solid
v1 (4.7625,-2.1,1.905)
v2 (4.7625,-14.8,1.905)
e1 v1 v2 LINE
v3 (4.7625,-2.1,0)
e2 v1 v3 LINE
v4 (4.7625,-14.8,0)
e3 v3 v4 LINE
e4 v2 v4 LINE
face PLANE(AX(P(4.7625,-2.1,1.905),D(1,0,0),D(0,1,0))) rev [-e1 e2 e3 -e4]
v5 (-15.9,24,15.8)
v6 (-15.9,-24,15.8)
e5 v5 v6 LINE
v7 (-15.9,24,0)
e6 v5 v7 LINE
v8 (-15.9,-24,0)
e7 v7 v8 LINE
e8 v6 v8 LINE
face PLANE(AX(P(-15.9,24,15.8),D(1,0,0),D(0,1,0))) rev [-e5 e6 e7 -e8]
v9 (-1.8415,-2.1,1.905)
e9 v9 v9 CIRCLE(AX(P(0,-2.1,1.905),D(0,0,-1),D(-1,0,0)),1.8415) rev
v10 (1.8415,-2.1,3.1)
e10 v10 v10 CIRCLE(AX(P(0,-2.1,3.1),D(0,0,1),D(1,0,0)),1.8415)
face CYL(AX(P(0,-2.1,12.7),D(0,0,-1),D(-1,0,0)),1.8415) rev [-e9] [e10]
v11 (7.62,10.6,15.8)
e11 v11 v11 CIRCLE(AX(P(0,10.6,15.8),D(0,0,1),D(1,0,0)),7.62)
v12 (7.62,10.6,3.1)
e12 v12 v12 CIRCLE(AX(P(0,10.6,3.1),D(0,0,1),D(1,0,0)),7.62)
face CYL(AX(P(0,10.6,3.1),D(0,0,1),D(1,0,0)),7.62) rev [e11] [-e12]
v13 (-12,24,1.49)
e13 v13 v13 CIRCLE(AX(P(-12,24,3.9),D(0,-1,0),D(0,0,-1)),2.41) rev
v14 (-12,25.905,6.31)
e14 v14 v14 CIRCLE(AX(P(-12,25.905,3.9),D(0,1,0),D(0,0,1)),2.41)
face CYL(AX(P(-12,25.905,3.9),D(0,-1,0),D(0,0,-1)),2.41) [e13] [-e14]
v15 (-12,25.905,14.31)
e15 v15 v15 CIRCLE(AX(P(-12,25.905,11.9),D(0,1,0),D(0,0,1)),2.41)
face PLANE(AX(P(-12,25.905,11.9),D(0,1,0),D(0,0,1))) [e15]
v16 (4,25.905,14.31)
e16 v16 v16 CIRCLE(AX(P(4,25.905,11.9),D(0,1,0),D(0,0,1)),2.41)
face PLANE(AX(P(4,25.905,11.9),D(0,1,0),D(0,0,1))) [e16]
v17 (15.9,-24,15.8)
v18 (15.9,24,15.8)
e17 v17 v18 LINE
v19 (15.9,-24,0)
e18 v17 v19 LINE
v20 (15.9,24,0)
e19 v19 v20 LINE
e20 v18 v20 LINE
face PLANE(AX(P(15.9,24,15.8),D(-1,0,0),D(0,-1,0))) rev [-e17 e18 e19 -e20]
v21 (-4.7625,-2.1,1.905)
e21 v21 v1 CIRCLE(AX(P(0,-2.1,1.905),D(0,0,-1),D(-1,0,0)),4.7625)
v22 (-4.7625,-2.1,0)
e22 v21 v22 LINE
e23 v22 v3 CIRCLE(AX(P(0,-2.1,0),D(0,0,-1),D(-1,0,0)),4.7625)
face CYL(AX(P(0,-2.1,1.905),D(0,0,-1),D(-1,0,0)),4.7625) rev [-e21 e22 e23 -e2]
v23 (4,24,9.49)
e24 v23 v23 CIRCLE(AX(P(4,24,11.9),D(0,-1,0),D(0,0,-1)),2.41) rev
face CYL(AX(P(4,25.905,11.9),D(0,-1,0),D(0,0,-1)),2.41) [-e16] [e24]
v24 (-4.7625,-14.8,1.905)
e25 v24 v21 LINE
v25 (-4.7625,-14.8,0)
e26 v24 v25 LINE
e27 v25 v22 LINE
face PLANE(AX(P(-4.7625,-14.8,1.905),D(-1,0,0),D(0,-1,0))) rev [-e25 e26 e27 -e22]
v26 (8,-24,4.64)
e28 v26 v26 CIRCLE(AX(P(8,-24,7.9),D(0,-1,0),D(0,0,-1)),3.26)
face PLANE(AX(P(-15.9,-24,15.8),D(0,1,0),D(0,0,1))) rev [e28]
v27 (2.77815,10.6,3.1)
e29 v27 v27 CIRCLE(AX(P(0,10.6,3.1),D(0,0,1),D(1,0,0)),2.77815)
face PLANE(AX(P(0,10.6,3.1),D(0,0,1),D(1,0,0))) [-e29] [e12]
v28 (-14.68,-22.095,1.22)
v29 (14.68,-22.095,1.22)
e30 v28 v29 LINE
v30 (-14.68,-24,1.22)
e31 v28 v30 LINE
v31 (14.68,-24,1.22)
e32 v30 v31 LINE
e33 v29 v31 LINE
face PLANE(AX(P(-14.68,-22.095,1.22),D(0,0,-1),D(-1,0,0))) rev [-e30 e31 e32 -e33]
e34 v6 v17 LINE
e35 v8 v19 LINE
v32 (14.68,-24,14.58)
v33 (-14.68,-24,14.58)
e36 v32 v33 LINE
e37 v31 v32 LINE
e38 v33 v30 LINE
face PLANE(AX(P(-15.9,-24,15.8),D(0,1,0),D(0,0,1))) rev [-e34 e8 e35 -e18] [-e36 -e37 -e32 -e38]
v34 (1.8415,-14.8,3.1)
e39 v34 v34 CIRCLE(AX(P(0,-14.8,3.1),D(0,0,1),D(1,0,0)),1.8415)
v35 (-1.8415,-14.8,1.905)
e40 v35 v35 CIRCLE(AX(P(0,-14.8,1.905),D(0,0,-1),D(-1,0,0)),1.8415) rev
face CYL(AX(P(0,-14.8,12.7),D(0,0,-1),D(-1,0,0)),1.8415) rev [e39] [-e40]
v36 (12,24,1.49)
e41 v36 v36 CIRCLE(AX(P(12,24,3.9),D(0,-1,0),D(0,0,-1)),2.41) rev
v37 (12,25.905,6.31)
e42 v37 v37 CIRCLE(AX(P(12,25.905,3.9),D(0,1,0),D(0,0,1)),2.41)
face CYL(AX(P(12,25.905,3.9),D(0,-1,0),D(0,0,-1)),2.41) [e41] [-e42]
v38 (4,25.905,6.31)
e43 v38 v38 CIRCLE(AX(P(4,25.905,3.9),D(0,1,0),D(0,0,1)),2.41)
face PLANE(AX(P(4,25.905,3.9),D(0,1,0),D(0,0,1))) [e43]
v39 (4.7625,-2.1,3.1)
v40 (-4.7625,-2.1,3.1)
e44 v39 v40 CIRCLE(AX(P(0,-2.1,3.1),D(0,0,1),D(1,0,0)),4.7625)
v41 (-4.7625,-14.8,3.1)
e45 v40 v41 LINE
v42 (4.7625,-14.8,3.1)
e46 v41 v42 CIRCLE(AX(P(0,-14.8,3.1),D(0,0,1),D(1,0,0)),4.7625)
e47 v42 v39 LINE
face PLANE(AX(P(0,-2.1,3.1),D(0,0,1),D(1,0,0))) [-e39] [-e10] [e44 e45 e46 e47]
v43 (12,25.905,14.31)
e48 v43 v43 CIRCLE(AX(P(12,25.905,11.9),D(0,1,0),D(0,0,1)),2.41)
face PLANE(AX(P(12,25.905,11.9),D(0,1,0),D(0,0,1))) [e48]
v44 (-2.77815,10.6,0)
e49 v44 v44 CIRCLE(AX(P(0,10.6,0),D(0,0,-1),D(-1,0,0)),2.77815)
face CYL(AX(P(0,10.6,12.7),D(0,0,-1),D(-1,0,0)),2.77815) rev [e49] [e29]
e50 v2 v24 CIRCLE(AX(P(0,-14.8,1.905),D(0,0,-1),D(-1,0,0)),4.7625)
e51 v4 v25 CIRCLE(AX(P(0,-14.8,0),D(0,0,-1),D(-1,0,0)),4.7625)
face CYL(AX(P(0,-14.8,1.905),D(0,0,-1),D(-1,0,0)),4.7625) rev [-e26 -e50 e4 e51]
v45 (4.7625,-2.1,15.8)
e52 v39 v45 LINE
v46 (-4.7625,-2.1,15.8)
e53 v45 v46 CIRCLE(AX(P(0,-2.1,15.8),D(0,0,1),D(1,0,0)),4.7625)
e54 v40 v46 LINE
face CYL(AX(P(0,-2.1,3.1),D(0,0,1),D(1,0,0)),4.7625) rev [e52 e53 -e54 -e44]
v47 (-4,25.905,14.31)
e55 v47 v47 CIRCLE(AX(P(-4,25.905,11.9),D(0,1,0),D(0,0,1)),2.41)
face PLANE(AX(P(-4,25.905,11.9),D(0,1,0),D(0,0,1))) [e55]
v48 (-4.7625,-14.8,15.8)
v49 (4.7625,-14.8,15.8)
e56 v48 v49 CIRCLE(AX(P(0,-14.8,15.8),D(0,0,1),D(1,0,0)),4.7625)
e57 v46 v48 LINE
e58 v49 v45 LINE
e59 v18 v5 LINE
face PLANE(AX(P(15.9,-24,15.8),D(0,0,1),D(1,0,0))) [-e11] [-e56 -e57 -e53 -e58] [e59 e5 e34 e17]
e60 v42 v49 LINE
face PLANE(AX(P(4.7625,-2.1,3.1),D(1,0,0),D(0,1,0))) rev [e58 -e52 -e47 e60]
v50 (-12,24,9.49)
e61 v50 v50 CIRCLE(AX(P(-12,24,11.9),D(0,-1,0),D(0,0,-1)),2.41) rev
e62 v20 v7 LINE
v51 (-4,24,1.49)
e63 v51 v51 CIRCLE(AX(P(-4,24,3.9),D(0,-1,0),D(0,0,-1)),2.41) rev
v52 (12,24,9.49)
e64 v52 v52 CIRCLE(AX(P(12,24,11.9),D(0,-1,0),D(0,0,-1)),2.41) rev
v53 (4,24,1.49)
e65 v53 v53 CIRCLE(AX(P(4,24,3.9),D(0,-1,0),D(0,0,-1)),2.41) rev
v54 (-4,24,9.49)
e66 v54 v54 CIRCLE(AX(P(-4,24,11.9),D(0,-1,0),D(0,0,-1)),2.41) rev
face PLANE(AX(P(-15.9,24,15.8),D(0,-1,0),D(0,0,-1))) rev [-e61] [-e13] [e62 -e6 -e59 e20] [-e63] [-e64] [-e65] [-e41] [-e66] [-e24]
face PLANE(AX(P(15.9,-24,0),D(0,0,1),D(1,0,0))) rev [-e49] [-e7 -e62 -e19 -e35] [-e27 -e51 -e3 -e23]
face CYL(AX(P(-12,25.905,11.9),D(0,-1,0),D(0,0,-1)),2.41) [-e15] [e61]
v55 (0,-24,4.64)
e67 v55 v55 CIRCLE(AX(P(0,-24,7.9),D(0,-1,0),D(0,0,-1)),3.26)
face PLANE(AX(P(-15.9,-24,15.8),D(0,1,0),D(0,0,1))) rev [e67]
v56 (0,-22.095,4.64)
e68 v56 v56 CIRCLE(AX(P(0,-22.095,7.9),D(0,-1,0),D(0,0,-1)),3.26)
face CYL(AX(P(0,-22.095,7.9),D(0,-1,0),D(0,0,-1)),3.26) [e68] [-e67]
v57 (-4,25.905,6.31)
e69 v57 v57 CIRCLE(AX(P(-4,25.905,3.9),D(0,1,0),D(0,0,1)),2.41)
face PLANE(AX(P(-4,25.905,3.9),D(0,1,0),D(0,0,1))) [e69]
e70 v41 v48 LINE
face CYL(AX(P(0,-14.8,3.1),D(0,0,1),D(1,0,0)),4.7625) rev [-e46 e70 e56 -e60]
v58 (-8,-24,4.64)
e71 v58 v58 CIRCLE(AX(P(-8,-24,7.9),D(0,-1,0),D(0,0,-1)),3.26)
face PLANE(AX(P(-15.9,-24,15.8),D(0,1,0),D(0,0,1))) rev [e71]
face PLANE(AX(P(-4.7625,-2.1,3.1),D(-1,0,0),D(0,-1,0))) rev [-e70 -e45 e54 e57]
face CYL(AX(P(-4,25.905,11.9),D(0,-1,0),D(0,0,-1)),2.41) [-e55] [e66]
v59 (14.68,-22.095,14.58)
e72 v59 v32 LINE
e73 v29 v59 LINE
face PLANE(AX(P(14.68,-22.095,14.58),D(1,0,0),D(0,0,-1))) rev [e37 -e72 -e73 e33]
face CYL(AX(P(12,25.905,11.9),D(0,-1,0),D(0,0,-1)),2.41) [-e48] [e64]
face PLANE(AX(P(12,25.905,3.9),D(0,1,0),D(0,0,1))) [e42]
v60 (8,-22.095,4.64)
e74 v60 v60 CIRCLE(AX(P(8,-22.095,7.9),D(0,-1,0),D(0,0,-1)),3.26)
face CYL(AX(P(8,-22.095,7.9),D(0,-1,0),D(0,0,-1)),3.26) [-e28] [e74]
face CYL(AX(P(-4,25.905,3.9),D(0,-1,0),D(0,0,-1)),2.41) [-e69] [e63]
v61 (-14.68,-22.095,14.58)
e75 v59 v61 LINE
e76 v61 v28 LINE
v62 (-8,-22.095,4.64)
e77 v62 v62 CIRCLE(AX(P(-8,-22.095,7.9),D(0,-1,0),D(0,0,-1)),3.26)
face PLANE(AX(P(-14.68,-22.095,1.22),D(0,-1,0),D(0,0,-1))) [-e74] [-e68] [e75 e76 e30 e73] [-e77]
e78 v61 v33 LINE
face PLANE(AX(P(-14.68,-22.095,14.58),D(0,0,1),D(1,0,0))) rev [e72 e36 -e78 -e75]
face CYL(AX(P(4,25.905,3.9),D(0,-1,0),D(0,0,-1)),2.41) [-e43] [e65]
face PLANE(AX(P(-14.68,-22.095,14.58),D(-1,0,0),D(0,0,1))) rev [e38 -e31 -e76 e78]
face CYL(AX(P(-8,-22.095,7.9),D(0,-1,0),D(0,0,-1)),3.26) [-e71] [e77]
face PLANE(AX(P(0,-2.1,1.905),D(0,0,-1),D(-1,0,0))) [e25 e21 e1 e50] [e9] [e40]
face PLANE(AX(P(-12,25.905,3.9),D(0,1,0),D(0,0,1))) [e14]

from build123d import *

# Parameters (mm, degrees)
SKETCH1_W           = 31.8
SKETCH1_H           = 48
BOSS_EXTRUDE1_DEPTH = 15.8
SKETCH2_R           = 7.62
CUT_EXTRUDE1_DEPTH  = 12.7
SKETCH3_R           = 2.77815
SKETCH3_R_2         = 1.8415
CUT_EXTRUDE2_DEPTH  = 12.7
CUT_EXTRUDE3_DEPTH  = 1.905
SKETCH5_R           = 2.41
BOSS_EXTRUDE2_DEPTH = 1.905
SKETCH6_W           = 29.36
SKETCH6_H           = 13.36
SKETCH6_R           = 3.26
CUT_EXTRUDE4_DEPTH  = 1.905


with BuildPart() as part:
    # Sketch1 → Boss-Extrude1 (new body)
    with BuildSketch(Plane.XY):
        Rectangle(SKETCH1_W, SKETCH1_H)
    extrude(amount=BOSS_EXTRUDE1_DEPTH)

    # Sketch2 → Cut-Extrude1 (cut)
    with BuildSketch(Plane.XY.offset(15.8)):
        with Locations((0, 10.6)):
            Circle(SKETCH2_R)
        with BuildLine():
            Line((4.7625, -2.1), (4.7625, -14.8))
            ThreePointArc((4.7625, -14.8), (0, -19.5625), (-4.7625, -14.8))
            Line((-4.7625, -14.8), (-4.7625, -2.1))
            ThreePointArc((-4.7625, -2.1), (0, 2.6625), (4.7625, -2.1))
        make_face()
    extrude(amount=-CUT_EXTRUDE1_DEPTH, mode=Mode.SUBTRACT)

    # Sketch3 → Cut-Extrude2 (cut)
    with BuildSketch(Plane(origin=(0, 0, 0), x_dir=(-1, 0, 0), z_dir=(0, 0, -1))):
        with Locations((0, 10.6)):
            Circle(SKETCH3_R)
        with Locations((0, -2.1)):
            Circle(SKETCH3_R_2)
        with Locations((0, -14.8)):
            Circle(SKETCH3_R_2)
    extrude(amount=-CUT_EXTRUDE2_DEPTH, mode=Mode.SUBTRACT)

    # Sketch4 → Cut-Extrude3 (cut)
    with BuildSketch(Plane(origin=(0, 0, 0), x_dir=(-1, 0, 0), z_dir=(0, 0, -1))):
        with BuildLine():
            Line((4.7625, -14.8), (4.7625, -2.1))
            ThreePointArc((4.7625, -2.1), (0, 2.6625), (-4.7625, -2.1))
            Line((-4.7625, -2.1), (-4.7625, -14.8))
            ThreePointArc((-4.7625, -14.8), (0, -19.5625), (4.7625, -14.8))
        make_face()
    extrude(amount=-CUT_EXTRUDE3_DEPTH, mode=Mode.SUBTRACT)

    # Sketch5 → Boss-Extrude2 (add)
    with BuildSketch(Plane(origin=(0, 24, 0), x_dir=(1, 0, 0), z_dir=(0, 1, 0))):
        with Locations((-12, -3.9)):
            Circle(SKETCH5_R)
        with Locations((-12, -11.9)):
            Circle(SKETCH5_R)
        with Locations((-4, -3.9)):
            Circle(SKETCH5_R)
        with Locations((-4, -11.9)):
            Circle(SKETCH5_R)
        with Locations((4, -3.9)):
            Circle(SKETCH5_R)
        with Locations((4, -11.9)):
            Circle(SKETCH5_R)
        with Locations((12, -3.9)):
            Circle(SKETCH5_R)
        with Locations((12, -11.9)):
            Circle(SKETCH5_R)
    extrude(amount=BOSS_EXTRUDE2_DEPTH)

    # Sketch6 → Cut-Extrude4 (cut)
    with BuildSketch(Plane.XZ.offset(24)):
        with Locations((0, 7.9)):
            Rectangle(SKETCH6_W, SKETCH6_H)
        with Locations((-8, 7.9)):
            Circle(SKETCH6_R, mode=Mode.SUBTRACT)
        with Locations((0, 7.9)):
            Circle(SKETCH6_R, mode=Mode.SUBTRACT)
        with Locations((8, 7.9)):
            Circle(SKETCH6_R, mode=Mode.SUBTRACT)
    extrude(amount=-CUT_EXTRUDE4_DEPTH, mode=Mode.SUBTRACT)


solid = part.part
